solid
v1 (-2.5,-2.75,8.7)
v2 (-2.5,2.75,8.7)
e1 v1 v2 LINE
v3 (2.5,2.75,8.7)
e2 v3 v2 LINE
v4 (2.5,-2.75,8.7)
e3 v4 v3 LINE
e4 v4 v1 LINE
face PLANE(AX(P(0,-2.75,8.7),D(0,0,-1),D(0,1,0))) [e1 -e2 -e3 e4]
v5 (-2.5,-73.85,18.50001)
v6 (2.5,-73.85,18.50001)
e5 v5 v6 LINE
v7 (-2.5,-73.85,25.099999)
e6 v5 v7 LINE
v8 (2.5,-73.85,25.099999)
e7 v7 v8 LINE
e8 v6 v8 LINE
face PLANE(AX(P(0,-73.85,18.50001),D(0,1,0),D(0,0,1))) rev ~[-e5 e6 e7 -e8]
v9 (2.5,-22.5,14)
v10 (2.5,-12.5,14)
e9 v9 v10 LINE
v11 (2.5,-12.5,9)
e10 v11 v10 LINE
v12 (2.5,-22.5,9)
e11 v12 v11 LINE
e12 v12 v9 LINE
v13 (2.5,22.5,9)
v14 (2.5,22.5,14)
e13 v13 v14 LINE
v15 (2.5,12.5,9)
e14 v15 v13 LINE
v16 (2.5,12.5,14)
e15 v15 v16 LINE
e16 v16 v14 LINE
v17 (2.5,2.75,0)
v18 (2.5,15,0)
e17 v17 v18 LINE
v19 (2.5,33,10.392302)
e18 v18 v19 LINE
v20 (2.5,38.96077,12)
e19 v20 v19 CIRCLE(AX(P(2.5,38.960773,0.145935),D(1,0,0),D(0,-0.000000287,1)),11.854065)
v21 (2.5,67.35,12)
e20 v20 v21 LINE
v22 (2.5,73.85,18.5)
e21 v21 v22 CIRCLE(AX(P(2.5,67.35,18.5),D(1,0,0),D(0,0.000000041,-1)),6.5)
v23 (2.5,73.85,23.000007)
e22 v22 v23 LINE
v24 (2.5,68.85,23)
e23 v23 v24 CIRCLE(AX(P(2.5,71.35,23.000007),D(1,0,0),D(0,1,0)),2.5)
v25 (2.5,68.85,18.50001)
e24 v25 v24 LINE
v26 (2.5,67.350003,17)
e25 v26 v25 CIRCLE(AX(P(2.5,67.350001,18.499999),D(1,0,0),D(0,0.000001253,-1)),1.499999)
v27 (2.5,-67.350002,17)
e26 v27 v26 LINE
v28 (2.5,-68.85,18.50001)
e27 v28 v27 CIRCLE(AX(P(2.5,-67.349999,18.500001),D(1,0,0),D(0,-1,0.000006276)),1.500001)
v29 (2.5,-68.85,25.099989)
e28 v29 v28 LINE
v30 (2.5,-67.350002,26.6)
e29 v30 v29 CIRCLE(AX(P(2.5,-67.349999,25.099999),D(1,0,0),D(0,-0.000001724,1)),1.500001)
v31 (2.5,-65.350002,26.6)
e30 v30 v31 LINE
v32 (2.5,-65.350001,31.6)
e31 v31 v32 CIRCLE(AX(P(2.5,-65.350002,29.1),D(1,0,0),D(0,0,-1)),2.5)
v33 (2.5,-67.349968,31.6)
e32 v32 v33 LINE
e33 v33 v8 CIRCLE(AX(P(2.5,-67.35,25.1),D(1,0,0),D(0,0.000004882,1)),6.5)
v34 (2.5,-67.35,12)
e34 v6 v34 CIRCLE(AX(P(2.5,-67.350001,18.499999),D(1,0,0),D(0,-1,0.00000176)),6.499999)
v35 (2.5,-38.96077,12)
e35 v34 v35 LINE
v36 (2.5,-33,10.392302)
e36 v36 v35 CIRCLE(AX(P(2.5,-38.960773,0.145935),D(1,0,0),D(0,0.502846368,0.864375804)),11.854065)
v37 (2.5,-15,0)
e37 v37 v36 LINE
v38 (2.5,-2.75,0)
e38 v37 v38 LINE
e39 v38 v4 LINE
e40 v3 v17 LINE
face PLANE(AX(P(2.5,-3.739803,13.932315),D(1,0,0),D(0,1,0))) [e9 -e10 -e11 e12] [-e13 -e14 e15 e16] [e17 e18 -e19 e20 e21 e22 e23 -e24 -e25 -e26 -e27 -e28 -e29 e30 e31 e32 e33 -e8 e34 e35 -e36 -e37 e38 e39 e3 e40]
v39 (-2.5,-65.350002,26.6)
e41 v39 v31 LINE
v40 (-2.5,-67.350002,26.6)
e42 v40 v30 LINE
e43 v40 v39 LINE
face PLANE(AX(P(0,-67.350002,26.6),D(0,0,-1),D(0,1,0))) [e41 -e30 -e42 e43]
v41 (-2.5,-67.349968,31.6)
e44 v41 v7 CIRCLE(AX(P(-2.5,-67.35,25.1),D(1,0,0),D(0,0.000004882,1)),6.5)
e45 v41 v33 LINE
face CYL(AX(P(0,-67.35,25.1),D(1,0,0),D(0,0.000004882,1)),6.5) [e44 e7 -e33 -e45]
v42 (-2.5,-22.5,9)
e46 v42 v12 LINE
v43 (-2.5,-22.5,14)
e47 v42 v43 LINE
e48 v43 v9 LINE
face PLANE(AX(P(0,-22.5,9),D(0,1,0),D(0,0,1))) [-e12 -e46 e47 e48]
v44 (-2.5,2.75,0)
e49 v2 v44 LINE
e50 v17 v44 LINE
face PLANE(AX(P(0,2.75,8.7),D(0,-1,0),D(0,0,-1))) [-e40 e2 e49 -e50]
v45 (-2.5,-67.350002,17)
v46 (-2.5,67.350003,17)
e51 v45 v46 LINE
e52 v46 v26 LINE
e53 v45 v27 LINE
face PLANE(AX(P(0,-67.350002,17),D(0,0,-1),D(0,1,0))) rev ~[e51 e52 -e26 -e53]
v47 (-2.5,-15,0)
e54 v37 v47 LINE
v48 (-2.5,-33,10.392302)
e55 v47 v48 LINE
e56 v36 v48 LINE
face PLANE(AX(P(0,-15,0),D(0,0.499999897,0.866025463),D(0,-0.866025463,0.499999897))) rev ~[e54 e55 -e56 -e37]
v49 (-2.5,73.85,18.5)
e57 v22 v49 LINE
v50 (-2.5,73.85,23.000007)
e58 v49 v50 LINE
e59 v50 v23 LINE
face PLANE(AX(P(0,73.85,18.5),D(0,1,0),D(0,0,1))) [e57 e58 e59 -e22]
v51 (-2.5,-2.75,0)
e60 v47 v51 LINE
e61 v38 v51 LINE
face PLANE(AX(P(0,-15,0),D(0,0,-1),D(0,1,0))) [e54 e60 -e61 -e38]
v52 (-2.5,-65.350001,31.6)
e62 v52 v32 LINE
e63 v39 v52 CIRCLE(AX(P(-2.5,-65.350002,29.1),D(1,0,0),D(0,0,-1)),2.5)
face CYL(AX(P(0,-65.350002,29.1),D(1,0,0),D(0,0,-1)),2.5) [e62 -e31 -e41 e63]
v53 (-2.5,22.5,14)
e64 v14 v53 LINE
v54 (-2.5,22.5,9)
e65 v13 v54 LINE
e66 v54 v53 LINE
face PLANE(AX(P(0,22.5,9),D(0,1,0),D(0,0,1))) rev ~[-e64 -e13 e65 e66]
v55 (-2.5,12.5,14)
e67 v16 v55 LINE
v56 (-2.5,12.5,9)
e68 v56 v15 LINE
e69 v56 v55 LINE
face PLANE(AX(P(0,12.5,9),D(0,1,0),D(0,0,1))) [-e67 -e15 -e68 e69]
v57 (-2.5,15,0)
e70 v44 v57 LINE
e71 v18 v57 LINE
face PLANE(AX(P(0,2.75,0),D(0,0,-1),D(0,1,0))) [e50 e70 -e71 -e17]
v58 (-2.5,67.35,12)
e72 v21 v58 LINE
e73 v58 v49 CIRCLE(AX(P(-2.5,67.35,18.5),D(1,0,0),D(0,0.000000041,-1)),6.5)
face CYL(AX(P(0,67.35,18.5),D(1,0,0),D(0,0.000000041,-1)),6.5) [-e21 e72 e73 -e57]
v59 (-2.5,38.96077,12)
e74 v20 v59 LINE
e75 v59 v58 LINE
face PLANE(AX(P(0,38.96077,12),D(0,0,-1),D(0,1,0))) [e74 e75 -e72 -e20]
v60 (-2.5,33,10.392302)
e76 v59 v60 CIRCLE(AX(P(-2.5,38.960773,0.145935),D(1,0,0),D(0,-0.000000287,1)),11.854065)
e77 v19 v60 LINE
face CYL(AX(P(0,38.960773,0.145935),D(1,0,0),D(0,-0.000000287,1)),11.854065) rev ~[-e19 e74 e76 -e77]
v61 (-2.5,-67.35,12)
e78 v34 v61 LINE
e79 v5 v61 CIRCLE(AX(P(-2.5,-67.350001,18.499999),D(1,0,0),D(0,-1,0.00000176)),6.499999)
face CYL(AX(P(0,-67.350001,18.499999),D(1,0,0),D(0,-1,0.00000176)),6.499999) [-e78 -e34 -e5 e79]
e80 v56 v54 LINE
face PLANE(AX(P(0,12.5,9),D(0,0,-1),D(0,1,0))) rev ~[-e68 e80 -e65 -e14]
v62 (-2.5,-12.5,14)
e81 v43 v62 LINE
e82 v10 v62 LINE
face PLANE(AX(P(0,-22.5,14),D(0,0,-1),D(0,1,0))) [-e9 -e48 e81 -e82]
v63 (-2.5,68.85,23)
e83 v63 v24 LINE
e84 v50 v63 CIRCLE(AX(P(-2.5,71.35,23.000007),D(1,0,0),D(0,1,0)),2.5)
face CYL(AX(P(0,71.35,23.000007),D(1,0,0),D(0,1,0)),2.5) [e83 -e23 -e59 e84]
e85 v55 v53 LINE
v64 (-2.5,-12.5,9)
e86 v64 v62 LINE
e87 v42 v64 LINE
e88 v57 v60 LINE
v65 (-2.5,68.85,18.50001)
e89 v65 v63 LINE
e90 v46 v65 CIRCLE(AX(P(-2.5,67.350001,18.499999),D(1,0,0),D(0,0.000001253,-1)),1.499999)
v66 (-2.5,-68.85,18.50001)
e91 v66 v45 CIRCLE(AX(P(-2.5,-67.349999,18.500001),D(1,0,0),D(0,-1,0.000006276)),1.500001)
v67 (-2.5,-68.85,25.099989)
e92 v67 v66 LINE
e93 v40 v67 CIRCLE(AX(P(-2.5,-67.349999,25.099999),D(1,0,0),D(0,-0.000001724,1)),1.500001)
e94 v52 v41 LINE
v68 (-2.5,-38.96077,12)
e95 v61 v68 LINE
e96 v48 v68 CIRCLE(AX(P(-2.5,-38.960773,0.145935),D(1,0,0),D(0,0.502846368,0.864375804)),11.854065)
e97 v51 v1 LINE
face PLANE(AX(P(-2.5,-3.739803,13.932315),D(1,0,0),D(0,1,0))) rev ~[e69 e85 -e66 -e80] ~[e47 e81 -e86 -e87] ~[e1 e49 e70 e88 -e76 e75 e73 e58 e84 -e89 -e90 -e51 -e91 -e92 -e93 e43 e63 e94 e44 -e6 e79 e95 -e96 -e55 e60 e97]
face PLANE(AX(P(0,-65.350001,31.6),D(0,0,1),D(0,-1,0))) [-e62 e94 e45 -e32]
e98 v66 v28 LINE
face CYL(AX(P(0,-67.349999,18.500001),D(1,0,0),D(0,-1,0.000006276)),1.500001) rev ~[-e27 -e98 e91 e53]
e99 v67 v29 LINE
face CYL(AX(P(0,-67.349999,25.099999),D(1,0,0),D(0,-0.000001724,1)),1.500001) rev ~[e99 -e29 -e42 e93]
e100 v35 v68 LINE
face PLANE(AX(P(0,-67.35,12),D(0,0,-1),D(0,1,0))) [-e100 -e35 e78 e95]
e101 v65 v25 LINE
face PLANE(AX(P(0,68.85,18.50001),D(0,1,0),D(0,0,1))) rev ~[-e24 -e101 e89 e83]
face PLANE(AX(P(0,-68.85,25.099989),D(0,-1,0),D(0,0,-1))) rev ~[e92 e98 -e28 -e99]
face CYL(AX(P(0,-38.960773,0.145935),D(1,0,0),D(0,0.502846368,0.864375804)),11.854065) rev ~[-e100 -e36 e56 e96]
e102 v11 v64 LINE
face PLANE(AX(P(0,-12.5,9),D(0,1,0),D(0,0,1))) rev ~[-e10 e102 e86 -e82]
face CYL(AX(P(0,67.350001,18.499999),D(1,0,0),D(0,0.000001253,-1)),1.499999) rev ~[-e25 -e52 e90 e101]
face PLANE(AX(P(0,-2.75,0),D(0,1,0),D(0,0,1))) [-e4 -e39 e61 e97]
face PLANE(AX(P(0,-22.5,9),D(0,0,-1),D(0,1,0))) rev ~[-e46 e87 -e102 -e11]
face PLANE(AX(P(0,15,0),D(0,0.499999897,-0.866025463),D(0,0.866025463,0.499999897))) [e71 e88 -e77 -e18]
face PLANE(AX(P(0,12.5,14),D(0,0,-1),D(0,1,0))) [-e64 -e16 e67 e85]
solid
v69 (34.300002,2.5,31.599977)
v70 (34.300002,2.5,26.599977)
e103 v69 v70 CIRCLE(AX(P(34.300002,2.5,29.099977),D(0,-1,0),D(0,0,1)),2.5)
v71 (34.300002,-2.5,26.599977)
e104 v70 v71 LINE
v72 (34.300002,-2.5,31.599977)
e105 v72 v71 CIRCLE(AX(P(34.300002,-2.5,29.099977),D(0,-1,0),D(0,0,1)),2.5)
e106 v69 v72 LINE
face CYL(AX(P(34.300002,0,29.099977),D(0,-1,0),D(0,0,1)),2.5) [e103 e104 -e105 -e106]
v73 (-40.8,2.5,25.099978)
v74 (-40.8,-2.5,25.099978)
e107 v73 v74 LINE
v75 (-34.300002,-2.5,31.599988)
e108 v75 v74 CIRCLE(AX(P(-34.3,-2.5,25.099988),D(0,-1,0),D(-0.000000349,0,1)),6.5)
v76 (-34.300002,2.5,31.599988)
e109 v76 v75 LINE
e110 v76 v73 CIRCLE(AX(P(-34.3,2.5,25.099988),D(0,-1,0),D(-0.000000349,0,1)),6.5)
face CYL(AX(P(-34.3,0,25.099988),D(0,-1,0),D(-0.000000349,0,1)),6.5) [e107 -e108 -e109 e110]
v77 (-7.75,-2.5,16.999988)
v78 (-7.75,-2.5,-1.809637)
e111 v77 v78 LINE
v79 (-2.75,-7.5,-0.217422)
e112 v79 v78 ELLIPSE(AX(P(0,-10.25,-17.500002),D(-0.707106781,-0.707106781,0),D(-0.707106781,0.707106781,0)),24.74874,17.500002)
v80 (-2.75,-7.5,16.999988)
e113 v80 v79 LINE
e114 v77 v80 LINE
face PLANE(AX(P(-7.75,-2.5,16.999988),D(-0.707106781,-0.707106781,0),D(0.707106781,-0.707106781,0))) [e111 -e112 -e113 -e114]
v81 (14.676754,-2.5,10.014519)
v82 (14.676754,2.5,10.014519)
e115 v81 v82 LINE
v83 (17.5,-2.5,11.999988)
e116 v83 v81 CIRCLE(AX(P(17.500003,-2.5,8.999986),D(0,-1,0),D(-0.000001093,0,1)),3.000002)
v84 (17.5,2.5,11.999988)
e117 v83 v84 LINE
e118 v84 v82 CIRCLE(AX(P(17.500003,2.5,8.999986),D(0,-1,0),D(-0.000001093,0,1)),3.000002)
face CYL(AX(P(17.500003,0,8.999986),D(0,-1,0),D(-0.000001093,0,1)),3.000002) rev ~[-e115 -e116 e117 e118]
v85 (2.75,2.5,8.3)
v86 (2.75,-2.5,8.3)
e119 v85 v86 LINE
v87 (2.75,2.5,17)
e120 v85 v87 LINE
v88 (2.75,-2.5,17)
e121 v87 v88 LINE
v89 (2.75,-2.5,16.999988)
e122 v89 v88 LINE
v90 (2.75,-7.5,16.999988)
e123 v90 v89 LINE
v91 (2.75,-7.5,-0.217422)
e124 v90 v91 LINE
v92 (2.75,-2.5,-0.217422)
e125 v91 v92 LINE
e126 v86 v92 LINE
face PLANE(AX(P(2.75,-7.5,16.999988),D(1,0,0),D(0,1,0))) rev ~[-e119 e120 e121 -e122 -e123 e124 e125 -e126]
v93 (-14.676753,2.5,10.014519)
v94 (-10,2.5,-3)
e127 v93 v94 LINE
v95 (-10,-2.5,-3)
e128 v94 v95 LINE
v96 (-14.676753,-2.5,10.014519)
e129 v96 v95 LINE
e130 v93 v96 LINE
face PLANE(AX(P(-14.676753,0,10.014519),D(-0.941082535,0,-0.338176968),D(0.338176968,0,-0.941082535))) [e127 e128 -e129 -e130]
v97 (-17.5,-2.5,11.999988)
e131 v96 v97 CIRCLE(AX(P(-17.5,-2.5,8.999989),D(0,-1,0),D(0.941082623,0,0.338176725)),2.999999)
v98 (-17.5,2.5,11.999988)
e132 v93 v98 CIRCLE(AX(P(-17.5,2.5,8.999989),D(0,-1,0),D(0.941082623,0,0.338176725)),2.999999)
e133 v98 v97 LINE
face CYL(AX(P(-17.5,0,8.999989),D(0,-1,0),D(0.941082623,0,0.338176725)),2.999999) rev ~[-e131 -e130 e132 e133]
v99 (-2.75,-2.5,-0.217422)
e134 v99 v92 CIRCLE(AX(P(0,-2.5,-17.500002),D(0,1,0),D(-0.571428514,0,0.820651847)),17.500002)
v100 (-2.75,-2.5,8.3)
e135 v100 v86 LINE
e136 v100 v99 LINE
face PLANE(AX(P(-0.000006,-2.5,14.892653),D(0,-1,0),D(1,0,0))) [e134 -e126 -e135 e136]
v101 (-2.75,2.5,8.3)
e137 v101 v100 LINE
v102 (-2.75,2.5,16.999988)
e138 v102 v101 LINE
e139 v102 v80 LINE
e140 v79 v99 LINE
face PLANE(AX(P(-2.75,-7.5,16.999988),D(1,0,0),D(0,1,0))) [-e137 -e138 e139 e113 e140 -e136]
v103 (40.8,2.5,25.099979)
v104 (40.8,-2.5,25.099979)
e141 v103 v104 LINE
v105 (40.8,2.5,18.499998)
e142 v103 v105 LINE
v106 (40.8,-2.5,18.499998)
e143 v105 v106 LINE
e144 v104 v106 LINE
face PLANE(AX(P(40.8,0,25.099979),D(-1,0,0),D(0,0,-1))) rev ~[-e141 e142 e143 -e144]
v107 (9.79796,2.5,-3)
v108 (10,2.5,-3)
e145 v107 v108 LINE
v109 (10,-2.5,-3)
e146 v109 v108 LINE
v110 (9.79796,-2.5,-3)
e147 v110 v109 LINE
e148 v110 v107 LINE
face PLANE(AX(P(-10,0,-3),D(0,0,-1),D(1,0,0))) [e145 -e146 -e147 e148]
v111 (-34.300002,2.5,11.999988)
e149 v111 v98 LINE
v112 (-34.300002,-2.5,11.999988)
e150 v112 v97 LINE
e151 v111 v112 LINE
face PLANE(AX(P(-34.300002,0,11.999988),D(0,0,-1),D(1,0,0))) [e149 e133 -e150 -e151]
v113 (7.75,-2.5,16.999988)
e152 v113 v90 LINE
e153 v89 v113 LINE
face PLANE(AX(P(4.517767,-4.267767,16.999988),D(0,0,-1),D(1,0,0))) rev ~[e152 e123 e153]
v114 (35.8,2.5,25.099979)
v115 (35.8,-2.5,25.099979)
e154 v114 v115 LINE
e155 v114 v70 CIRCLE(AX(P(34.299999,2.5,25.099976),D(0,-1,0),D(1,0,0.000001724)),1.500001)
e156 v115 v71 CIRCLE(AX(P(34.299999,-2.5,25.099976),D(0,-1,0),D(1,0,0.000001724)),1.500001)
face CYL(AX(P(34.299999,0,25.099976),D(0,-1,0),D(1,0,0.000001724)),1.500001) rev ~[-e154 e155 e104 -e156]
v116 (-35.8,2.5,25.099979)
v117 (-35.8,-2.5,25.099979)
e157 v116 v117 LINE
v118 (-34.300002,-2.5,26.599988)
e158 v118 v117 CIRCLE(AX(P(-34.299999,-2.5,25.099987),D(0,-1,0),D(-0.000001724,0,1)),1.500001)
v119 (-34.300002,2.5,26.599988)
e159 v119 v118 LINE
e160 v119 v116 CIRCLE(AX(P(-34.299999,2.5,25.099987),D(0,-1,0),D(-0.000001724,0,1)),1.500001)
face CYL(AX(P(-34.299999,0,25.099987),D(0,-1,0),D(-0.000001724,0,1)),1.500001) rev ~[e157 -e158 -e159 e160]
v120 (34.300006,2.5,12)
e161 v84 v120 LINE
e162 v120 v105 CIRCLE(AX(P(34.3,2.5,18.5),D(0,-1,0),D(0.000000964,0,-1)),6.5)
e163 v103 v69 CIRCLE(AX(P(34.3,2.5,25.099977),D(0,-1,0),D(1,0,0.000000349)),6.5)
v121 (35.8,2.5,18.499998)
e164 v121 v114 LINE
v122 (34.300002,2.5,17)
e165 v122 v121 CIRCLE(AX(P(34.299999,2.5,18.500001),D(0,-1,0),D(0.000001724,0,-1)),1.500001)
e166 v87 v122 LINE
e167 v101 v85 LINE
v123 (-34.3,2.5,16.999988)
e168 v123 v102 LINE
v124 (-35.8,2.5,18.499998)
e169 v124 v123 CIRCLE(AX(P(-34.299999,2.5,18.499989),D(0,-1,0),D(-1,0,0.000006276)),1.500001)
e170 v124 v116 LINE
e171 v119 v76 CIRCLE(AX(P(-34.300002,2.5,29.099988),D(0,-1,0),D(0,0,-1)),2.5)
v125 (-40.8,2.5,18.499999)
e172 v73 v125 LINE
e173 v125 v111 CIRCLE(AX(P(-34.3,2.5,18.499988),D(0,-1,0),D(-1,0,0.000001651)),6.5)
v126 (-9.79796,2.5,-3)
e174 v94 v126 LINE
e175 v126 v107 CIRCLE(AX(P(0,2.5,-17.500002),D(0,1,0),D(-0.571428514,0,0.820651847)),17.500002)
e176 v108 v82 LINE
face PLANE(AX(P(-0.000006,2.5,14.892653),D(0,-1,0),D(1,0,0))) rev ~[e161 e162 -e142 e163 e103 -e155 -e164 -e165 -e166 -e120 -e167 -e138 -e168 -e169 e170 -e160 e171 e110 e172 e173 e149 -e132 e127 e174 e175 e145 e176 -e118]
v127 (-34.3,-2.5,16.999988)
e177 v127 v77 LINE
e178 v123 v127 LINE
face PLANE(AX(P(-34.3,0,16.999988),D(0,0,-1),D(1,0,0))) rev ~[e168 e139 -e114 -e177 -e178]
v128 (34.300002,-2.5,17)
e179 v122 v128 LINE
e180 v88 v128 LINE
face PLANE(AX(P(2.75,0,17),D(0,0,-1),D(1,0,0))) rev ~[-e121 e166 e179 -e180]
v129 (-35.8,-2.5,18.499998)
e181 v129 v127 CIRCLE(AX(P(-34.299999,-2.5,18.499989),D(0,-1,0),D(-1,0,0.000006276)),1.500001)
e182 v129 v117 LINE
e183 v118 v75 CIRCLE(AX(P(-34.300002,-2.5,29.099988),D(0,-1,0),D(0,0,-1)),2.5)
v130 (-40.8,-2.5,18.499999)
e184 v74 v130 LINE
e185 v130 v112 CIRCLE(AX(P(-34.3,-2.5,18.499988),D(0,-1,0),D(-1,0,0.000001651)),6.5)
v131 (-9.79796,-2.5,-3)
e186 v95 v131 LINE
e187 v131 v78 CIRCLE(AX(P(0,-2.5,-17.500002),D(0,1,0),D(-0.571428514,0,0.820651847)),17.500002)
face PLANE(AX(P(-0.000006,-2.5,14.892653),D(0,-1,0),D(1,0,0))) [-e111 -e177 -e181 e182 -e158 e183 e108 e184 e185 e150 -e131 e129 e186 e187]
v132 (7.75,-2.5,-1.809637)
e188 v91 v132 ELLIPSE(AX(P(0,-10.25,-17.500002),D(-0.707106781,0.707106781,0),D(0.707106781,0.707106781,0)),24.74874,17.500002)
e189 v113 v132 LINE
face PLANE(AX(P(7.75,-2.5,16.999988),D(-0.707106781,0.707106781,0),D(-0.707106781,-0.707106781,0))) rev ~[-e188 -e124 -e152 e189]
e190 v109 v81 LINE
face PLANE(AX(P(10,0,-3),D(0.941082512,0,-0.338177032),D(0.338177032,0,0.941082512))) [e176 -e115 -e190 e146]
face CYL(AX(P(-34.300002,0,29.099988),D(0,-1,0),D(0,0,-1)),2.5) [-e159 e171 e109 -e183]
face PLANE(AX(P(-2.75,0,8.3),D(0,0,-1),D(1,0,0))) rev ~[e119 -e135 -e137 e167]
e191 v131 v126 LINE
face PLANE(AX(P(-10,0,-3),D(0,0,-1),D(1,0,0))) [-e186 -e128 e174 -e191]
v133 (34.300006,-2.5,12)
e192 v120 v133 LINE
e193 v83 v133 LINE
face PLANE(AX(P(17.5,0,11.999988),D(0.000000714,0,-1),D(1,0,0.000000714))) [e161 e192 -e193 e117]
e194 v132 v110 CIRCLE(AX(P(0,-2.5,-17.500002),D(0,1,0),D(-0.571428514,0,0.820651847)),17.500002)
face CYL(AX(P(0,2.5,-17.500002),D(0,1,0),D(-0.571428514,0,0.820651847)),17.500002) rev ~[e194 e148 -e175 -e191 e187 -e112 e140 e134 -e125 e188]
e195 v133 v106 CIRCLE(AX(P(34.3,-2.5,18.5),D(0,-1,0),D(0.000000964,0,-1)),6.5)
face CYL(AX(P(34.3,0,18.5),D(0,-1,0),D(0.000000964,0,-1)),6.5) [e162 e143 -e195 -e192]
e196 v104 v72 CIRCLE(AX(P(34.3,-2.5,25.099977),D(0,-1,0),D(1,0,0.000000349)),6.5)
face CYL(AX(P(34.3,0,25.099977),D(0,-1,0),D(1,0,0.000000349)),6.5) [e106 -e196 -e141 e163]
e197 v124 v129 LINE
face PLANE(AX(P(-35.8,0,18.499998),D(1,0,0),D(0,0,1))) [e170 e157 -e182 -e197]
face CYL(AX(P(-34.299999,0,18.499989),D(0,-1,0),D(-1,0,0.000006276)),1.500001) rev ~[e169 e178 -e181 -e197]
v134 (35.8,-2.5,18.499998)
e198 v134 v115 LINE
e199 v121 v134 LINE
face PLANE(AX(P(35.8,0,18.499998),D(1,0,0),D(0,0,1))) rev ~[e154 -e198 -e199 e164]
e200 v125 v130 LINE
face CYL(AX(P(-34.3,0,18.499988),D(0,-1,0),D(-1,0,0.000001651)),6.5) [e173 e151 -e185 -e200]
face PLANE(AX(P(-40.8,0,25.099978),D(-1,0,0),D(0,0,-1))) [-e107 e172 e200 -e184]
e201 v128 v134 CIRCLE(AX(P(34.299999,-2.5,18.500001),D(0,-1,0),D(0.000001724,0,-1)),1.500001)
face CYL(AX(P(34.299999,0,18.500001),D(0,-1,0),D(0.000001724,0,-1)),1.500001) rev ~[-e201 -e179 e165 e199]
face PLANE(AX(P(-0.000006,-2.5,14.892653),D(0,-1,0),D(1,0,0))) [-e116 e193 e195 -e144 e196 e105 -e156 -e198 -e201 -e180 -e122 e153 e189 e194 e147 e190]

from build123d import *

# Parameters (mm, degrees)
SKETCH_W     = 10
SKETCH_H     = 5
PAD_DEPTH    = 2.5
PAD001_DEPTH = 2.5
PAD002_DEPTH = 20
POCKET_DEPTH = 10


with BuildPart() as vertical:
    # Sketch → Pad (new body, symmetric)
    with BuildSketch(Plane.YZ):
        with BuildLine():
            Line((73.85, 18.5), (73.85, 23.000007))
            ThreePointArc((73.85, 23.000007), (71.349996, 25.500007), (68.85, 23))
            Line((68.85, 18.50001), (68.85, 23))
            ThreePointArc((67.350003, 17), (68.410665, 17.439344), (68.85, 18.50001))
            Line((-67.350002, 17), (67.350003, 17))
            ThreePointArc((-68.85, 18.50001), (-68.410664, 17.439344), (-67.350002, 17))
            Line((-68.85, 25.099989), (-68.85, 18.50001))
            ThreePointArc((-67.350002, 26.6), (-68.410665, 26.160655), (-68.85, 25.099989))
            Line((-67.350002, 26.6), (-65.350002, 26.6))
            ThreePointArc((-65.350002, 26.6), (-62.850002, 29.099999), (-65.350001, 31.6))
            Line((-65.350001, 31.6), (-67.349968, 31.6))
            ThreePointArc((-67.349968, 31.6), (-71.946183, 29.696205), (-73.85, 25.099999))
            Line((-73.85, 18.50001), (-73.85, 25.099999))
            ThreePointArc((-73.85, 18.50001), (-71.946198, 13.903809), (-67.35, 12))
            Line((-67.35, 12), (-38.96077, 12))
            ThreePointArc((-33, 10.392302), (-35.873884, 11.59102), (-38.96077, 12))
            Line((-15, 0), (-33, 10.392302))
            Line((-15, 0), (-2.75, 0))
            Line((-2.75, 0), (-2.75, 8.7))
            Line((-2.75, 8.7), (2.75, 8.7))
            Line((2.75, 8.7), (2.75, 0))
            Line((2.75, 0), (15, 0))
            Line((15, 0), (33, 10.392302))
            ThreePointArc((38.96077, 12), (35.873884, 11.59102), (33, 10.392302))
            Line((38.96077, 12), (67.35, 12))
            ThreePointArc((67.35, 12), (71.946194, 13.903806), (73.85, 18.5))
        make_face()
        with Locations((-17.5, 11.5)):
            Rectangle(SKETCH_W, SKETCH_H, mode=Mode.SUBTRACT)
        with Locations((17.5, 11.5)):
            Rectangle(SKETCH_W, SKETCH_H, mode=Mode.SUBTRACT)
    extrude(amount=PAD_DEPTH, both=True)


with BuildPart() as fusion:
    # Sketch001 → Pad001 (new body, symmetric)
    with BuildSketch(Plane.XZ):
        with BuildLine():
            Line((17.5, 11.999988), (34.300006, 12))
            ThreePointArc((34.300006, 12), (38.896196, 13.903808), (40.8, 18.499998))
            Line((40.8, 25.099979), (40.8, 18.499998))
            ThreePointArc((40.8, 25.099979), (38.896194, 29.696171), (34.300002, 31.599977))
            ThreePointArc((34.300002, 31.599977), (31.800002, 29.099977), (34.300002, 26.599977))
            ThreePointArc((35.8, 25.099979), (35.36066, 26.160637), (34.300002, 26.599977))
            Line((35.8, 18.499998), (35.8, 25.099979))
            ThreePointArc((34.300002, 17), (35.36066, 17.43934), (35.8, 18.499998))
            Line((2.75, 17), (34.300002, 17))
            Line((2.75, 8.3), (2.75, 17))
            Line((-2.75, 8.3), (2.75, 8.3))
            Line((-2.75, 16.999988), (-2.75, 8.3))
            Line((-34.3, 16.999988), (-2.75, 16.999988))
            ThreePointArc((-35.8, 18.499998), (-35.360664, 17.439332), (-34.3, 16.999988))
            Line((-35.8, 18.499998), (-35.8, 25.099979))
            ThreePointArc((-34.300002, 26.599988), (-35.360664, 26.160644), (-35.8, 25.099979))
            ThreePointArc((-34.300002, 26.599988), (-31.800002, 29.099988), (-34.300002, 31.599988))
            ThreePointArc((-34.300002, 31.599988), (-38.896198, 29.696178), (-40.8, 25.099978))
            Line((-40.8, 25.099978), (-40.8, 18.499999))
            ThreePointArc((-40.8, 18.499999), (-38.896198, 13.903798), (-34.300002, 11.999988))
            Line((-34.300002, 11.999988), (-17.5, 11.999988))
            ThreePointArc((-14.676753, 10.014519), (-15.774253, 11.453923), (-17.5, 11.999988))
            Line((-14.676753, 10.014519), (-10, -3))
            Line((-10, -3), (10, -3))
            Line((10, -3), (14.676754, 10.014519))
            ThreePointArc((17.5, 11.999988), (15.774254, 11.453922), (14.676754, 10.014519))
        make_face()
    extrude(amount=PAD001_DEPTH, both=True)

    # Sketch002 → Pad002 (new body)
    with BuildSketch(Plane(origin=(0, 0, 16.999988), x_dir=(-1, 0, 0), z_dir=(0, 0, 1))):
        Polygon((-7.75, 2.5), (-2.75, 7.5), (-2.75, 2.5), align=None)
        Polygon((2.75, 7.5), (2.75, 2.5), (7.75, 2.5), align=None)
    extrude(amount=-PAD002_DEPTH)

    # Sketch003 → Pocket (cut)
    with BuildSketch(Plane(origin=(0, 2.5, 0), x_dir=(1, 0, 0), z_dir=(0, 1, 0))):
        with BuildLine():
            ThreePointArc((-10, 3.138593), (0, 0), (10, 3.138593))
            Line((-10, 3.138593), (10, 3.138593))
        make_face()
    extrude(amount=-POCKET_DEPTH, mode=Mode.SUBTRACT)

    # Fusion: union Vertical
    add(vertical.part)


solid = fusion.part
